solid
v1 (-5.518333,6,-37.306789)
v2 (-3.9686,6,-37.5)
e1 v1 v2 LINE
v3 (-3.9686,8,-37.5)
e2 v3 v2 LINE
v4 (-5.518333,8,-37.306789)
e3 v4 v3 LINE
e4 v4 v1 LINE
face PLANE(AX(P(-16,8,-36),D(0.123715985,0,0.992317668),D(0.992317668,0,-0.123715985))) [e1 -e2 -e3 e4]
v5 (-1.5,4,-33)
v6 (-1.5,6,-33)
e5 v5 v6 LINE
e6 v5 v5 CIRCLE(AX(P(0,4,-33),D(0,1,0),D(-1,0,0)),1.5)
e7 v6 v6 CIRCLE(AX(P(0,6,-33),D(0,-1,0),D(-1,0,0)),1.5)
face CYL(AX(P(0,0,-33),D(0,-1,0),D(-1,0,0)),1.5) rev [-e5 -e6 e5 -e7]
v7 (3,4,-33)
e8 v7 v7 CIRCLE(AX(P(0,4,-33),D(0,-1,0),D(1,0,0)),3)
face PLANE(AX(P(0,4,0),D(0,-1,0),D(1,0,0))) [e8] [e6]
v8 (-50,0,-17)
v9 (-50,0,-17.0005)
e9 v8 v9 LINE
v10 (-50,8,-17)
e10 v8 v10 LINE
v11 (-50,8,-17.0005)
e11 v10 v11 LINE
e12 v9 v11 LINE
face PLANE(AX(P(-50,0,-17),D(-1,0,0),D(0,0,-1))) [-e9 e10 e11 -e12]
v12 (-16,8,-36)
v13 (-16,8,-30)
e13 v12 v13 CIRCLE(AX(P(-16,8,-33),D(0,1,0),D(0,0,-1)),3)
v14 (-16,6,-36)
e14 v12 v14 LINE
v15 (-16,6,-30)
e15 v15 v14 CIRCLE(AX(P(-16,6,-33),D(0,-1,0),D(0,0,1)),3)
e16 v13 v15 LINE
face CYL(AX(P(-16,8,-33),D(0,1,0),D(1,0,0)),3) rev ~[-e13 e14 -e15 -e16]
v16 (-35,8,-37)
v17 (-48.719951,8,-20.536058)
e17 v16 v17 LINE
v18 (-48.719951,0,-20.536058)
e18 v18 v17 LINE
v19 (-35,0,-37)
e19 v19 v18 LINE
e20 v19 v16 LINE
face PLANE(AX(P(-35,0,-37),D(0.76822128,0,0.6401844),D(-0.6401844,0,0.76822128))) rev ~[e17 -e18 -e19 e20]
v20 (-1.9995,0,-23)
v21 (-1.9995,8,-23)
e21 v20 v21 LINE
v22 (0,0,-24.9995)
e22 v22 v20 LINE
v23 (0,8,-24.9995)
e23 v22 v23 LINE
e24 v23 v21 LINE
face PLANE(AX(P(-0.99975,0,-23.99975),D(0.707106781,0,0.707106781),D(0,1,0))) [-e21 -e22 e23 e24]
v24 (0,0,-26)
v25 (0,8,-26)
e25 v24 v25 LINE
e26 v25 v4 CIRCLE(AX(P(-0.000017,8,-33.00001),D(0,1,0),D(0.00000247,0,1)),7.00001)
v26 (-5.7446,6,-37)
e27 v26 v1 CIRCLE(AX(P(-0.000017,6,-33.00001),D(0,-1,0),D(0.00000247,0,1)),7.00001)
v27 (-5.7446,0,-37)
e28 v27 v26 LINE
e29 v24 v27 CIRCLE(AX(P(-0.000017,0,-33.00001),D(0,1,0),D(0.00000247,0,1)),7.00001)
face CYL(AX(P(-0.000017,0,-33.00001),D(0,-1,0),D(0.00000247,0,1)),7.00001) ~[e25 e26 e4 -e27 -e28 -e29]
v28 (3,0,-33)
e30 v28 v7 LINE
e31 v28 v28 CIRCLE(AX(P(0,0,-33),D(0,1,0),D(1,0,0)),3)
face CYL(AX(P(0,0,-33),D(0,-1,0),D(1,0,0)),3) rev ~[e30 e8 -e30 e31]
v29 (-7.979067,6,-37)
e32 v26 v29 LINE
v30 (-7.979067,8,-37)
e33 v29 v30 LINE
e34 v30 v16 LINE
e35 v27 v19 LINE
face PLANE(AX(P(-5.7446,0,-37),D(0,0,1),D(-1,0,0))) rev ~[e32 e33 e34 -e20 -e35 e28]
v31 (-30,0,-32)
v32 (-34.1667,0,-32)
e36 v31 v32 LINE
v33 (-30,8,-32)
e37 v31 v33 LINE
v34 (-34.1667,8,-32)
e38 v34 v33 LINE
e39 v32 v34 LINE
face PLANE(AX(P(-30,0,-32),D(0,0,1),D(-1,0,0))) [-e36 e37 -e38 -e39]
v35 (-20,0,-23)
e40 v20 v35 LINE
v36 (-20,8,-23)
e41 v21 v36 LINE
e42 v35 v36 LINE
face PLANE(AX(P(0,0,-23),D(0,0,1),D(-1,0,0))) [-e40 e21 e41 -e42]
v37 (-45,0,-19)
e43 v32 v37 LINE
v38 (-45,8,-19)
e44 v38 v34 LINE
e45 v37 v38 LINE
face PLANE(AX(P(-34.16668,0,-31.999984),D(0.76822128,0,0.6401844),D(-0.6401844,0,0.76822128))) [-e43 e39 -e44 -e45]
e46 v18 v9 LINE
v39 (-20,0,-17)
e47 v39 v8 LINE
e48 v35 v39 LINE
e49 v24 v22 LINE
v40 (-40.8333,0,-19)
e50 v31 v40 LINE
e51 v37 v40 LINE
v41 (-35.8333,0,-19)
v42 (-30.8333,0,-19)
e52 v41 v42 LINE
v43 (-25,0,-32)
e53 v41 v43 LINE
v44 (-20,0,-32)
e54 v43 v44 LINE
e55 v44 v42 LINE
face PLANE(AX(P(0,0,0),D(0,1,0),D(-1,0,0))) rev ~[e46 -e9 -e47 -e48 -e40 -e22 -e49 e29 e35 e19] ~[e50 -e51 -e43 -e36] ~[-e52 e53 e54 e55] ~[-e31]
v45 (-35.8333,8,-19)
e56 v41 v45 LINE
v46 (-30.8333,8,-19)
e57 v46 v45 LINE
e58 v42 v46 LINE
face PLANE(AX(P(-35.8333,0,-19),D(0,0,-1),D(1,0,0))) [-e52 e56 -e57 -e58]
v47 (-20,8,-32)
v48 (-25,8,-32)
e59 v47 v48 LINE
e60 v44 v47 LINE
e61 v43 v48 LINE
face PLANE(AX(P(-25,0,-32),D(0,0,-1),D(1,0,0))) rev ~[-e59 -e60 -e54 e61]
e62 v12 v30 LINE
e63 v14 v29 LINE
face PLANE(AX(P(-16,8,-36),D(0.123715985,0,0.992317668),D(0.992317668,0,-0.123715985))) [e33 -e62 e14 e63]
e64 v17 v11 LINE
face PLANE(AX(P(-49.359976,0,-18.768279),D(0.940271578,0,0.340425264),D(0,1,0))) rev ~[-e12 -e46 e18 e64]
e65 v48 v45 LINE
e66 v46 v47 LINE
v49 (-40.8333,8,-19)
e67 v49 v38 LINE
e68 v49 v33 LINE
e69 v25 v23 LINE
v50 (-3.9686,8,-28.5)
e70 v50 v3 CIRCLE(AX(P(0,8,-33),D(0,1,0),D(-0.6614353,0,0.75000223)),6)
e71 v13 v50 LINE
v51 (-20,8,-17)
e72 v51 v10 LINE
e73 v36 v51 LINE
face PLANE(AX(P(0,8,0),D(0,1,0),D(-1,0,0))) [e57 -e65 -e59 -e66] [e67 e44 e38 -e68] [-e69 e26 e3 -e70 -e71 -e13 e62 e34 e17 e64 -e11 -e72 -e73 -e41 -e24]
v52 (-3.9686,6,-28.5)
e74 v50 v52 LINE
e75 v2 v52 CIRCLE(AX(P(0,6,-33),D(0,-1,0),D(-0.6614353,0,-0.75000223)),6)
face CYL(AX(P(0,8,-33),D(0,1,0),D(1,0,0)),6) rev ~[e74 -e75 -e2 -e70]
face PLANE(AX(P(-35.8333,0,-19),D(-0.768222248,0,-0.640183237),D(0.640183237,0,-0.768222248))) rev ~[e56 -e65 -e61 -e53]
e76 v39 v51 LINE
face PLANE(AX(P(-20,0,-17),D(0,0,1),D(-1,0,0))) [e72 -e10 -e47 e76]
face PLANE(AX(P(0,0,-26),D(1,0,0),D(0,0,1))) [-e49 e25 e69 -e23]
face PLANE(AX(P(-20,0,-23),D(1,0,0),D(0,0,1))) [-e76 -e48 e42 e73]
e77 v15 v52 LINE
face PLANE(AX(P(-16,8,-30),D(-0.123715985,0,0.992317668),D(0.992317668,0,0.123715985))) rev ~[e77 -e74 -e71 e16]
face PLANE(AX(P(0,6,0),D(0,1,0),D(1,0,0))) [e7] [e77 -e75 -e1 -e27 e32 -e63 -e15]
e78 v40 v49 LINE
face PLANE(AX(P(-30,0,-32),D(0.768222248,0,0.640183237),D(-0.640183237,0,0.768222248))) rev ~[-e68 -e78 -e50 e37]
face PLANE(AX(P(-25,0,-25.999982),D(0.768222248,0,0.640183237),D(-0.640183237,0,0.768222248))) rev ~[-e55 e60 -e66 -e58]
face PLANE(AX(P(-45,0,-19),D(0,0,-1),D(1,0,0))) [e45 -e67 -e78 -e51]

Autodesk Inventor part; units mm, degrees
ref_plane "YZ Plane" through (0, 0, 0) normal (1, 0, 0) x (0, 1, 0)
ref_plane "XZ Plane" through (0, 0, 0) normal (0, 1, 0) x (-1, 0, 0)
ref_plane "XY Plane" through (0, 0, 0) normal (0, 0, 1) x (1, 0, 0)
sketch "Boceto1" plane through (0, 0, 0) normal (0, 1, 0) x (-1, 0, 0)
  line L0 (20, -10) -> (20, -16)
  line L1 (50, -16) -> (50, -16.5)
  line L2 (50, -16.5) -> (49.0807, -16.5)
  circle A0 centre (0, -33) radius 1.5
  circle A1 centre (0, -33) radius 3
  arc A2 (0, -26) -> (5.7446, -37) centre (0, -33) ccw
  line L3 (5.7446, -37) -> (35, -37)
  line L4 (35, -37) -> (50, -19)
  line L5 (0, -23) -> (20, -23)
  line L6 (20, -23) -> (20, -17)
  line L7 (20, -17) -> (50, -17)
  line L8 (50, -17) -> (50, -19)
  line L9 (0, -31.5) -> (0, -30)
  line L10 (0, -26) -> (0, -23)
  point P0 (0, -37)
  dimension "d8" = 6
  dimension "d9" = 0.5
extrude "Extrusión1" add sketch "Boceto1" along normal blind 8 contours A1 | L10 L5 L6 L7 L8 L4 L3 A2
sketch "Boceto6" plane through (0, 0, 0) normal (0, -1, 0) x (1, 0, 0)
  line L0 (-50, -17) -> (-20, -17) projected
  line L1 (-50, -16) -> (-50, -14) projected
  line L2 (-50, -17) -> (-50, -16)
  line L3 (-50, -16.5) -> (-16.403, -16.5)
  line L4 (-20, -23) -> (-25, -23)
  line L5 (-5.7446, -37) -> (-35, -37) projected
  line L6 (-25, -23) -> (-25, -28)
  line L7 (-25, -37) -> (-25, -32)
  line L8 (-25, -32) -> (-5.7446, -32)
  line L9 (-5.7446, -32) -> (-5.7446, -27.061)
  line L10 (-25, -28) -> (-5.7446, -28)
  line L11 (-35, -37) -> (-30, -37)
  line L12 (-30, -37) -> (-30, -32)
  line L13 (-30, -32) -> (-25, -32)
  line L14 (-50, -19) -> (-50, -17) projected
  line L15 (-50, -19) -> (-45, -19)
  line L16 (-30, -37) -> (-45, -19)
  line L17 (-45, -19) -> (-40, -19)
  line L18 (-30, -32) -> (-40.8333, -19)
  line L19 (-40.8333, -19) -> (-25, -19)
  line L20 (-25, -19) -> (-25, -28)
  line L21 (-30, -32) -> (-34.1667, -32)
  line L22 (-40.8333, -19) -> (-35.8333, -19)
  line L23 (-35.8333, -19) -> (-25, -32)
  line L24 (-35.8333, -19) -> (-30.8333, -19)
  line L25 (-25, -32) -> (-20, -32)
  line L26 (-20, -32) -> (-30.8333, -19)
  line L27 (-30, 4) -> (-45, -14)
  line L28 (-45, -14) -> (-40, -14)
  line L29 (-30, -1) -> (-40.8333, -14)
  line L30 (-30, -1) -> (-34.1667, -1)
  line L31 (-35.8333, -14) -> (-25, -1)
  line L32 (-35.8333, -14) -> (-30.8333, -14)
  line L33 (-25, -1) -> (-20, -1)
  line L34 (-20, -1) -> (-30.8333, -14)
  point P0 (0, 0)
  dimension "d28" = 5
  dimension "d29" = 5
  dimension "d30" = 5
  dimension "d31" = 5
  dimension "d32" = 5
  dimension "d33" = 5
  dimension "d34" = 5
  dimension "d35" = 5
  dimension "d36" = 5
extrude "Extrusión6" cut sketch "Boceto6" against normal blind 10 contours L23 L19 L26 L6 L10 L8 | L21 L16 L17 L18 | L10 L6 L26 | L30 L29 L28 L27 | L31 L33 L34 L32
sketch "Boceto7" plane through (0, 0, 0) normal (0, -1, 0) x (1, 0, 0)
  line L0 (-35, 4) -> (-5.7446, 4) projected
  arc A0 (7, 0) -> (-5.7446, 4) centre (0, 0) ccw projected
  line L1 (-5.7446, 4) -> (7, 0)
  line L2 (7, 0) -> (8.04, 10.76)
  line L3 (8.04, 10.76) -> (-8.8935, 9.8507)
  line L4 (-8.8935, 9.8507) -> (-5.7446, 4)
extrude "Extrusión7" cut sketch "Boceto7" against normal blind 10 contours L1 A0
chamfer "Chaflán1" distance 2 angle 45 2 edges at (-50, 4, -19) (0, 4, -23)
sketch "Boceto9" plane through (0, 0, 0) normal (0, -1, 0) x (1, 0, 0)
  circle A0 centre (0, -33) radius 1.5 projected
  circle A1 centre (0, -33) radius 3
  point P0 (0, 0)
  dimension "d47" = 6
extrude "Extrusión9" cut sketch "Boceto9" against normal blind 4
sketch "Boceto10" plane through (0, 8, 0) normal (0, 1, 0) x (1, 0, 0)
  circle A0 centre (0, 33) radius 1.5 projected
  circle A1 centre (0, 33) radius 6
  line L0 (0, 33) -> (-19, 33)
  line L1 (0, 33) -> (0, 37.5)
  line L2 (0, 37.5) -> (-19, 37.5)
  line L3 (-19, 37.5) -> (-19, 28.5)
  line L4 (-19, 28.5) -> (0, 28.5)
  line L5 (-19, 33) -> (-16, 33)
  circle A2 centre (-16, 33) radius 3
  circle A3 centre (-16, 33) radius 3
  line L6 (-16, 36) -> (-3.9686, 37.5)
  line L7 (-16, 33) -> (-16, 30)
  line L8 (-16, 30) -> (-3.9686, 28.5)
  point P0 (0, 0)
  dimension "d50" = 12
  dimension "d51" = 19
  dimension "d52" = 4.5
  dimension "d53" = 9
  dimension "d54" = 3
extrude "Extrusión10" cut sketch "Boceto10" against normal blind 2 contours A0 L1 L2 A1 L0 | A0 L0 A1 L2 L1 | L0 A2 L6 A1 | A1 L8 A2 L0 | A2 L7 L0 | L0 A2 | A2 L0 L7
properties part number "pinza dcha sg996r"
